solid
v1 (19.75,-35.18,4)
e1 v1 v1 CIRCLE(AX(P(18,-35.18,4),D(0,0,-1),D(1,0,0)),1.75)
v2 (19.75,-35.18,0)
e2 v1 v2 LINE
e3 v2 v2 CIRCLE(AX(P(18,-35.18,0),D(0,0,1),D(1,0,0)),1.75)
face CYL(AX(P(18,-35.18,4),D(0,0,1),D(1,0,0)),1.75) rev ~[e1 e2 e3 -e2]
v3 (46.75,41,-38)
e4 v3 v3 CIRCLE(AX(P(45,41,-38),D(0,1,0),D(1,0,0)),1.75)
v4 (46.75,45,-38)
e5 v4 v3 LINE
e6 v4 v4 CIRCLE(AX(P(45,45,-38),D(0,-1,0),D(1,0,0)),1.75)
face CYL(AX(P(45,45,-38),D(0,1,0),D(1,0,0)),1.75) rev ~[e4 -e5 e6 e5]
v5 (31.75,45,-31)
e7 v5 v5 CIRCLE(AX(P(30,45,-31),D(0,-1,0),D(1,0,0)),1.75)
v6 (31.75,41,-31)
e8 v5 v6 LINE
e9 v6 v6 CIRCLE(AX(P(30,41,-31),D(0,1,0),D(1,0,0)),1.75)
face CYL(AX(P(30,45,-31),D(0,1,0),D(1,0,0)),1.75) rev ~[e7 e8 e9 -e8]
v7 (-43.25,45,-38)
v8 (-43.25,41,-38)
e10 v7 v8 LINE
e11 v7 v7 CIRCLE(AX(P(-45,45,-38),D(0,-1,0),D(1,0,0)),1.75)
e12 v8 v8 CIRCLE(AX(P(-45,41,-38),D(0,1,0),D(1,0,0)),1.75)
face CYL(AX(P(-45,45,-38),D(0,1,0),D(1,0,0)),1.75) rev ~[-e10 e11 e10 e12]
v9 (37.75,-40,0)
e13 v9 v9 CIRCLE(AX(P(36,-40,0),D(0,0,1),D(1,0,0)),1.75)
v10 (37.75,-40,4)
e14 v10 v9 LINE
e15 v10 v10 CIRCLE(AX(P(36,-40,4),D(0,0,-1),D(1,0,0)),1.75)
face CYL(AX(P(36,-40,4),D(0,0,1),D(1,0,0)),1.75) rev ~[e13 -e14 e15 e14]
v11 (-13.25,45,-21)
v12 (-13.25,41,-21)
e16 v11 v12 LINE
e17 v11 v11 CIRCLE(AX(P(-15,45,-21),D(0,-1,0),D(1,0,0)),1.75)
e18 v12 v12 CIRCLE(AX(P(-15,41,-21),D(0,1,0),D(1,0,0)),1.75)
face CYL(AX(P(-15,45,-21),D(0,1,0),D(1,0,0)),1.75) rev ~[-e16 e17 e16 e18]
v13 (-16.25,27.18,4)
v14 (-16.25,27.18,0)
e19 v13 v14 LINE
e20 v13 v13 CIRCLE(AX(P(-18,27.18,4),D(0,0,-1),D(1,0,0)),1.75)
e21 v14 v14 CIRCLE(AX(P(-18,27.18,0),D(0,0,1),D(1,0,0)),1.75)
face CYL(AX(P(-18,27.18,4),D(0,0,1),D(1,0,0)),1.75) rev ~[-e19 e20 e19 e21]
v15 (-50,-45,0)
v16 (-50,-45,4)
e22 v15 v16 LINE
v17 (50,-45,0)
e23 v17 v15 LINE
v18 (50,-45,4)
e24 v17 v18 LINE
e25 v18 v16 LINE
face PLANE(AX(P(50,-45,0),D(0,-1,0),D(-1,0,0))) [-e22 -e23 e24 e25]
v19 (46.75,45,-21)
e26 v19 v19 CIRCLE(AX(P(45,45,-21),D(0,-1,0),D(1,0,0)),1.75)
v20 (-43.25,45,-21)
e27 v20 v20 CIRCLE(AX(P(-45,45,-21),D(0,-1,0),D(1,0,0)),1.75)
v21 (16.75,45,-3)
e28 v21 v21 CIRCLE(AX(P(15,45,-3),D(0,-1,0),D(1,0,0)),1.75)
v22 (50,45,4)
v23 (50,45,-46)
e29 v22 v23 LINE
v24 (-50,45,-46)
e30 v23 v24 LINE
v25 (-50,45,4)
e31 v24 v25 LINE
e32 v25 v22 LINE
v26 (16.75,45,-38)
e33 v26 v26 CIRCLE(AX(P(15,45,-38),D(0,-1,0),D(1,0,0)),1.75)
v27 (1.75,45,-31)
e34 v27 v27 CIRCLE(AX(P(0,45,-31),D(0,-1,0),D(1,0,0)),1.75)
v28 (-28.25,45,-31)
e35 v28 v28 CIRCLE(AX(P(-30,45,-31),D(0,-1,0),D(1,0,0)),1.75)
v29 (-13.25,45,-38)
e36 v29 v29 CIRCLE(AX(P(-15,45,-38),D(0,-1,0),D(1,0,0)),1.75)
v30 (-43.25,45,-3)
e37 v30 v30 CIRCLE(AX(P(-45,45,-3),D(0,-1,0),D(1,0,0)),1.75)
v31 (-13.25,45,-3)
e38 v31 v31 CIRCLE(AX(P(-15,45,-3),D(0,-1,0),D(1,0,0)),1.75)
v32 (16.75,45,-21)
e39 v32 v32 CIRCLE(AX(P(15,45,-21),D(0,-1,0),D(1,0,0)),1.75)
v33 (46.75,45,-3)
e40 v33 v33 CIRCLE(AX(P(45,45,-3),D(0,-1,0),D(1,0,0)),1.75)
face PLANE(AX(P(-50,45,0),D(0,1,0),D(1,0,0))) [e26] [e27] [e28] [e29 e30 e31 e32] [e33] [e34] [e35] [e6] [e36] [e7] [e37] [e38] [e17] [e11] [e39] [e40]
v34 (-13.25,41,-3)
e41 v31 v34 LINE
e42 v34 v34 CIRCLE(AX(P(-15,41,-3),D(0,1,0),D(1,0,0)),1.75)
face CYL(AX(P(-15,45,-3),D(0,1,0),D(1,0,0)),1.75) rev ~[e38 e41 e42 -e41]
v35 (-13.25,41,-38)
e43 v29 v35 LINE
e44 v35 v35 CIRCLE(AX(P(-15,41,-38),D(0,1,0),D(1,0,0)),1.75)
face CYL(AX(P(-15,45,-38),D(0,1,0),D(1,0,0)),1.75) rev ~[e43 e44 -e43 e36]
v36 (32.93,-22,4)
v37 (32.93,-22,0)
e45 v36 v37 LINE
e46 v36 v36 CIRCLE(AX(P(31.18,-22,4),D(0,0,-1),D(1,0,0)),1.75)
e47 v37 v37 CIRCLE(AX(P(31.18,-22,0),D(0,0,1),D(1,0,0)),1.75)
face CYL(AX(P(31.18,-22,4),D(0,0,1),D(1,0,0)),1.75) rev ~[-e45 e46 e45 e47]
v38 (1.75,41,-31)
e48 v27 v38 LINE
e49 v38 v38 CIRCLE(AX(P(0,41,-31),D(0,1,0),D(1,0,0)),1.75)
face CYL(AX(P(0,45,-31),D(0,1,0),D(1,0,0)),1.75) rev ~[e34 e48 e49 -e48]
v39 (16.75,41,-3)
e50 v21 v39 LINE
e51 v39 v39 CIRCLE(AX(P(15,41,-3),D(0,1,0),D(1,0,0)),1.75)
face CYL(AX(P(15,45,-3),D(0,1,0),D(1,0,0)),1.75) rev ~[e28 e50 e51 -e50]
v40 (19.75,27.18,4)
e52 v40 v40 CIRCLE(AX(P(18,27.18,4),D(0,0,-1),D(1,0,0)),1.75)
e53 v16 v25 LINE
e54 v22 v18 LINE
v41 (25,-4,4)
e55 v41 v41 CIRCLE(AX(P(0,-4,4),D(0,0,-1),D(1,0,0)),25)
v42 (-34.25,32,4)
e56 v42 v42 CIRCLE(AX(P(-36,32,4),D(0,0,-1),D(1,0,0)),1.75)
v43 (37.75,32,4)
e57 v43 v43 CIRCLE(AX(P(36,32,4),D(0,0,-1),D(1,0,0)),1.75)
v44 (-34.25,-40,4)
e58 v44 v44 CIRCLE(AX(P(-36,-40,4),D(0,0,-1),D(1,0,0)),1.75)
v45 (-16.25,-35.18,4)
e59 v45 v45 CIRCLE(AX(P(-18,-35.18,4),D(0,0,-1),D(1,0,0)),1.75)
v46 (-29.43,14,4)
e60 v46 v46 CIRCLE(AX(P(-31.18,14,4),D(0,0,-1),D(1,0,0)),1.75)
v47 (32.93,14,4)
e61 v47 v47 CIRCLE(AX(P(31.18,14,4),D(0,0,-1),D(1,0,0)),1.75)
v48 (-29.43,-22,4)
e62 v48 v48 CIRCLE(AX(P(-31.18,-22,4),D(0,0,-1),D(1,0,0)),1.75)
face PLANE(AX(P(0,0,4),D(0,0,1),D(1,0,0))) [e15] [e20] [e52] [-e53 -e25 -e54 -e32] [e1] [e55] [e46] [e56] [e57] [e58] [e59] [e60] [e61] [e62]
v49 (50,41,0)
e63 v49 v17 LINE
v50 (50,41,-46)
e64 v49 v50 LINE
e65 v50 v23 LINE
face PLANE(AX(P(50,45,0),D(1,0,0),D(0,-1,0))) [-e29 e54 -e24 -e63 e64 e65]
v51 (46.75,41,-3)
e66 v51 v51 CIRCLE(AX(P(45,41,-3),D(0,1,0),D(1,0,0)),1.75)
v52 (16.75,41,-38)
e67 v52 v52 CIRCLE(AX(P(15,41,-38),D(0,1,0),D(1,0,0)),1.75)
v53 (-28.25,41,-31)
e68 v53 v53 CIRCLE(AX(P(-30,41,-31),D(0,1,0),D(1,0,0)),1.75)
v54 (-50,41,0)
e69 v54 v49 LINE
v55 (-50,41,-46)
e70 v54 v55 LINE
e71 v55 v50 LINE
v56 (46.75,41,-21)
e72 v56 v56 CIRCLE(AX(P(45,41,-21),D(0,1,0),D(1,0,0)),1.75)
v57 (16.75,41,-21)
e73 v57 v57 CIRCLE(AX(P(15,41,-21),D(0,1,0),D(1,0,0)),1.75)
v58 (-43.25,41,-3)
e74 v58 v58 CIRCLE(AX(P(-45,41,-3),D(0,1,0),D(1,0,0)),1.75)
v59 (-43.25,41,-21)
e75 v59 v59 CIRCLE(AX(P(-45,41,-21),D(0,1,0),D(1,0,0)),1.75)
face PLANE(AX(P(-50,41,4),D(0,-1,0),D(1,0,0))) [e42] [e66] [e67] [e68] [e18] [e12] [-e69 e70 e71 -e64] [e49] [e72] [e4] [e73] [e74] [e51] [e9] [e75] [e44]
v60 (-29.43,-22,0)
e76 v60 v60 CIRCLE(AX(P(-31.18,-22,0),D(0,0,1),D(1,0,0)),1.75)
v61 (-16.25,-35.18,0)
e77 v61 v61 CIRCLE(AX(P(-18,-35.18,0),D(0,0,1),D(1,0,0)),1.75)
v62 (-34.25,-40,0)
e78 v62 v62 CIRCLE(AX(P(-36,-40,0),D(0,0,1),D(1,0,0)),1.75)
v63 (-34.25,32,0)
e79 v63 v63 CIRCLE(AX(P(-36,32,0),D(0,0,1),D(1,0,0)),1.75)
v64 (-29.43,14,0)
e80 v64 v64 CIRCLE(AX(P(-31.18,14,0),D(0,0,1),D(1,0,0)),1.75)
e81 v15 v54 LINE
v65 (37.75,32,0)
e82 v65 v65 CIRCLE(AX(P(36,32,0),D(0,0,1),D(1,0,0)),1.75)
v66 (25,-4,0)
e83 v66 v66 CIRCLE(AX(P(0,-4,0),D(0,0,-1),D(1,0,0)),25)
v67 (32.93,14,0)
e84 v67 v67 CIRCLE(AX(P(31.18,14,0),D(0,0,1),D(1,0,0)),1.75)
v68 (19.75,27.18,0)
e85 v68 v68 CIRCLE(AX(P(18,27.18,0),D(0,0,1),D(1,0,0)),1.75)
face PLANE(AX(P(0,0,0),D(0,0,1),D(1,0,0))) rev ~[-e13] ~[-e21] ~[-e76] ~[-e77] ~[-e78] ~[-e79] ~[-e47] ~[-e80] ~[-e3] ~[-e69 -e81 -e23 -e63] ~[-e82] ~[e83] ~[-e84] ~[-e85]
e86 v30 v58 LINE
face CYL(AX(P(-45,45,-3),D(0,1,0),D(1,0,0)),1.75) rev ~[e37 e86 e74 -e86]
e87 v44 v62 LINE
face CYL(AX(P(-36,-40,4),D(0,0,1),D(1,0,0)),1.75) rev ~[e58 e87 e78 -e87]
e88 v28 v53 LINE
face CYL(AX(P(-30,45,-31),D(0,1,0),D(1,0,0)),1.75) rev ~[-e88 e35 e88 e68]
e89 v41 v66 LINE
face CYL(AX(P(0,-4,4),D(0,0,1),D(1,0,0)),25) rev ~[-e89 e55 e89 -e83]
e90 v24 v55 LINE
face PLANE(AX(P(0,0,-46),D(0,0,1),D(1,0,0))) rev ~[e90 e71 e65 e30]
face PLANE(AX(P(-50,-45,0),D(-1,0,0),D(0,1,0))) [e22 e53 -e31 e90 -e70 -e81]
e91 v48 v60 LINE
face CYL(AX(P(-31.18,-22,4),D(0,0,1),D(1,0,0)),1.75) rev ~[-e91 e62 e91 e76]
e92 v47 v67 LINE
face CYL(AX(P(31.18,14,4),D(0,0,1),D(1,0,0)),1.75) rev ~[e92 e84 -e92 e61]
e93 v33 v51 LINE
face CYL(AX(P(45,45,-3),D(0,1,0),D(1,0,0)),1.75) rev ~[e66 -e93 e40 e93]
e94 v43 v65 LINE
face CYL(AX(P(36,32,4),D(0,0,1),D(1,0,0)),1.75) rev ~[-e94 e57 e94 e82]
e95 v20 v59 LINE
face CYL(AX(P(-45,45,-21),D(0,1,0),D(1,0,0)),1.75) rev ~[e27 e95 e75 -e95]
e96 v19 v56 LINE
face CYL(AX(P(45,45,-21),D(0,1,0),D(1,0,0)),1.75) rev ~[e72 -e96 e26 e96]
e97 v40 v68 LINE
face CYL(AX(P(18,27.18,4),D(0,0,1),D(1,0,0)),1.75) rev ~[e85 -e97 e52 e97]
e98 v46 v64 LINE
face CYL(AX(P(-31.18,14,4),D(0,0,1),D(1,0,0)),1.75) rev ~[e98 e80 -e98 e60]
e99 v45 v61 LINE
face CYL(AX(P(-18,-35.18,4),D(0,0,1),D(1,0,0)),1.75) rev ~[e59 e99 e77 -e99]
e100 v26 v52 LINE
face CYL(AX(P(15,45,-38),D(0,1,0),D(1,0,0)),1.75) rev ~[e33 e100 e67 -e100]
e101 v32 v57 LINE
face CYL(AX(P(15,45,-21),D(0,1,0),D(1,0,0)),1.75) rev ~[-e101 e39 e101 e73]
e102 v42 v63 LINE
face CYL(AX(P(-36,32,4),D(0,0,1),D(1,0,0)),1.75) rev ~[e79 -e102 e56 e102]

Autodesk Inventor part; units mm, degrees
ref_plane "YZ Plane" through (0, 0, 0) normal (1, 0, 0) x (0, 1, 0)
ref_plane "XZ Plane" through (0, 0, 0) normal (0, 1, 0) x (-1, 0, 0)
ref_plane "XY Plane" through (0, 0, 0) normal (0, 0, 1) x (1, 0, 0)
sketch "Sketch3" plane through (0, 0, 0) normal (0, 0, 1) x (1, 0, 0)
  line L0 (-50, 45) -> (50, 45)
  line L1 (50, 45) -> (50, -45)
  line L2 (50, -45) -> (-50, -45)
  line L3 (-50, -45) -> (-50, 45)
  line L4 (-50, 45) -> (50, -45) construction
  line L5 (50, 45) -> (-50, -45) construction
  point P0 (0, 0)
  dimension "d4" = 100
  dimension "d5" = 90
extrude "Extrusion2" add sketch "Sketch3" along normal blind 4
sketch "Sketch4" plane through (0, 0, 4) normal (0, 0, 1) x (1, 0, 0)
  point P0 (0, 0)
sketch "Sketch5" plane through (0, 0, 4) normal (0, 0, 1) x (1, 0, 0)
  line L0 (50, 45) -> (-50, 45) projected
  line L1 (50, 45) -> (-50, 45)
  line L2 (-50, 45) -> (-50, 41)
  line L3 (-50, 41) -> (50, 41)
  line L4 (50, 41) -> (50, 45)
  point P0 (0, 0)
  dimension "d8" = 4
  dimension "d9" = 100
extrude "Extrusion3" add sketch "Sketch5" against normal blind 50
sketch "Sketch6" plane through (0, 0, 4) normal (0, 0, 1) x (1, 0, 0)
  line L0 (18, -31.18) -> (-18, -31.18)
  line L1 (-18, -31.18) -> (-18, 31.18)
  line L2 (-18, 31.18) -> (18, 31.18)
  line L3 (18, 31.18) -> (18, -31.18)
  line L4 (18, -31.18) -> (-18, 31.18) construction
  line L5 (-18, -31.18) -> (18, 31.18) construction
  circle A0 centre (-18, 31.18) radius 1.75
  circle A1 centre (18, 31.18) radius 1.75
  circle A2 centre (-18, -31.18) radius 1.75
  circle A3 centre (18, -31.18) radius 1.75
  line L6 (50, 45) -> (-50, 45) projected
  line L7 (0, 45) -> (0, -4)
  line L8 (-18, -35.18) -> (18, -35.18)
  line L9 (18, -35.18) -> (18, 27.18)
  line L10 (18, 27.18) -> (-18, 27.18)
  line L11 (-18, 27.18) -> (-18, -35.18)
  line L12 (-18, -35.18) -> (18, 27.18) construction
  line L13 (18, -35.18) -> (-18, 27.18) construction
  circle A4 centre (18, 27.18) radius 1.75
  circle A5 centre (-18, 27.18) radius 1.75
  circle A6 centre (18, -35.18) radius 1.75
  circle A7 centre (-18, -35.18) radius 1.75
  point P0 (0, 0)
  dimension "d14" = 3.5
  dimension "d15" = 3.5
  dimension "d16" = 3.5
  dimension "d17" = 3.5
  dimension "d89" = 49
  dimension "d90" = 62.36
  dimension "d91" = 3.5
  dimension "d92" = 3.5
  dimension "d93" = 3.5
  dimension "d94" = 3.5
extrude "Extrusion4" cut sketch "Sketch6" against normal blind 50 contours A5 L1 | L1 L10 A5 | A7 L8 L11 | L11 L8 A7 | A4 L10 L3 | L3 A4 | A6 L8 L9 | L9 L8 A6 | L1 A5 L10 | L10 A4 L3
sketch "Sketch7" plane through (0, 0, 4) normal (0, 0, 1) x (1, 0, 0)
  line L0 (31.18, -18) -> (-31.18, -18)
  line L1 (-31.18, -18) -> (-31.18, 18)
  line L2 (-31.18, 18) -> (31.18, 18)
  line L3 (31.18, 18) -> (31.18, -18)
  line L4 (31.18, -18) -> (-31.18, 18) construction
  line L5 (-31.18, -18) -> (31.18, 18) construction
  circle A0 centre (-31.18, 18) radius 1.75
  circle A1 centre (31.18, 18) radius 1.75
  circle A2 centre (-31.18, -18) radius 1.75
  circle A3 centre (31.18, -18) radius 1.75
  line L6 (50, 45) -> (-50, 45) projected
  line L7 (0, 45) -> (0, -4)
  line L8 (-31.18, -22) -> (31.18, -22)
  line L9 (31.18, -22) -> (31.18, 14)
  line L10 (31.18, 14) -> (-31.18, 14)
  line L11 (-31.18, 14) -> (-31.18, -22)
  line L12 (-31.18, -22) -> (31.18, 14) construction
  line L13 (31.18, -22) -> (-31.18, 14) construction
  circle A4 centre (31.18, 14) radius 1.75
  circle A5 centre (-31.18, 14) radius 1.75
  circle A6 centre (31.18, -22) radius 1.75
  circle A7 centre (-31.18, -22) radius 1.75
  point P0 (0, 0)
  dimension "d20" = 62.36
  dimension "d21" = 36
  dimension "d22" = 3.5
  dimension "d23" = 3.5
  dimension "d24" = 3.5
  dimension "d25" = 3.5
  dimension "d95" = 49
  dimension "d96" = 36
  dimension "d97" = 3.5
  dimension "d98" = 3.5
  dimension "d99" = 3.5
  dimension "d100" = 3.5
extrude "Extrusion5" cut sketch "Sketch7" against normal blind 50 contours A5 L1 | L1 L10 A5 | A7 L8 L11 | L11 L8 A7 | A4 L10 L3 | L3 A4 | A6 L8 L9 | L9 L8 A6 | L1 A5 L10 | L10 A4 L3
sketch "Sketch8" plane through (0, 0, 4) normal (0, 0, 1) x (1, 0, 0)
  line L0 (50, 45) -> (-50, 45) projected
  line L1 (0, 45) -> (0, -4)
  circle A0 centre (0, -4) radius 25
  point P0 (0, 0)
  dimension "d101" = 49
  dimension "d102" = 50
extrude "Extrusion6" cut sketch "Sketch8" against normal blind 43.6625
sketch "Sketch9" plane through (-50, 45, 4) normal (0, 1, 0) x (1, 0, 0)
  line L0 (0, 50) -> (0, 0) projected
  line L1 (100, 0) -> (0, 0) projected
  line L2 (0, 0) -> (35, 0)
  line L3 (35, 0) -> (35, 7)
  line L4 (35, 7) -> (0, 7)
  line L5 (0, 7) -> (0, 0)
  circle A0 centre (35, 7) radius 1.75
  line L6 (0, 0) -> (35, 0)
  line L7 (35, 0) -> (35, 25)
  line L8 (35, 25) -> (0, 25)
  line L9 (0, 25) -> (0, 0)
  circle A1 centre (35, 25) radius 1.75
  point P0 (50, 4)
  dimension "d31" = 35
  dimension "d32" = 7
  dimension "d36" = 3.5
  dimension "d39" = 25
  dimension "d40" = 3.5
sketch "Sketch10" plane through (-50, 45, 4) normal (0, 1, 0) x (1, 0, 0)
  line L0 (100, 4) -> (100, 0) projected
  line L1 (100, 0) -> (0, 0) projected
  line L2 (100, 0) -> (65, 0)
  line L3 (65, 0) -> (65, 7)
  line L4 (65, 7) -> (100, 7)
  line L5 (100, 7) -> (100, 0)
  circle A0 centre (65, 7) radius 1.75
  line L6 (100, 0) -> (65, 0)
  line L7 (65, 0) -> (65, 25)
  line L8 (65, 25) -> (100, 25)
  line L9 (100, 25) -> (100, 0)
  line L10 (75, 0) -> (25, 0) projected
  circle A1 centre (65, 25) radius 1.75
  point P0 (50, 4)
  dimension "d33" = 35
  dimension "d34" = 7
  dimension "d35" = 3.5
  dimension "d37" = 25
  dimension "d38" = 3.5
sketch "Sketch11" plane through (-50, 45, 4) normal (0, 1, 0) x (1, 0, 0)
  point P0 (50, 4)
extrude "Extrusion7" cut sketch "Sketch9" against normal blind 43.6625 contours A1 L7 L8 | L8 L7 A1 | A0 L7 L4 | L4 L3 A0 | L7 A0 L3
extrude "Extrusion8" cut sketch "Sketch10" against normal blind 43.6625 contours A0 L3 L4 | L4 L7 A0 | L3 A0 L7 | A1 L7 L8 | L8 L7 A1
sketch "Sketch12" plane through (-50, 45, 4) normal (0, 1, 0) x (1, 0, 0)
  line L0 (0, 0) -> (100, 0) projected
  line L1 (0, 0) -> (5, 0)
  line L2 (5, 0) -> (5, 7)
  line L3 (5, 7) -> (0, 7)
  line L4 (0, 7) -> (0, 0)
  line L5 (100, 0) -> (0, 0) projected
  line L6 (0, 0) -> (5, 0)
  line L7 (5, 0) -> (5, 25)
  line L8 (5, 25) -> (0, 25)
  line L9 (0, 25) -> (0, 0)
  circle A0 centre (5, 7) radius 1.75
  circle A1 centre (5, 25) radius 1.75
  point P0 (50, 4)
  dimension "d45" = 5
  dimension "d46" = 7
  dimension "d47" = 25
  dimension "d48" = 3.5
  dimension "d49" = 3.5
extrude "Extrusion9" cut sketch "Sketch12" against normal blind 43.6625 contours A0 L3 L2 | L2 L7 A0 | A0 L7 L3 | A1 L7 L8 | L8 L7 A1
sketch "Sketch13" plane through (-50, 45, 4) normal (0, 1, 0) x (1, 0, 0)
  line L0 (0, 0) -> (100, 0) projected
  line L1 (100, 0) -> (95, 0)
  line L2 (95, 0) -> (95, 7)
  line L3 (95, 7) -> (100, 7)
  line L4 (100, 7) -> (100, 0)
  line L5 (100, 0) -> (95, 0)
  line L6 (95, 0) -> (95, 25)
  line L7 (95, 25) -> (100, 25)
  line L8 (100, 25) -> (100, 0)
  circle A0 centre (95, 25) radius 1.75
  circle A1 centre (95, 7) radius 1.75
  point P0 (50, 4)
  dimension "d52" = 5
  dimension "d53" = 7
  dimension "d54" = 25
  dimension "d55" = 3.5
  dimension "d56" = 3.5
extrude "Extrusion10" cut sketch "Sketch13" against normal blind 43.6625 contours A1 L6 L2 | L2 L3 A1 | L6 A1 L3 | A0 L7 L6 | L6 L7 A0
sketch "Sketch14" plane through (-50, 45, 4) normal (0, 1, 0) x (1, 0, 0)
  point P0 (50, 4)
sketch "Sketch15" plane through (-50, 45, 4) normal (0, 1, 0) x (1, 0, 0)
  line L0 (0, 50) -> (100, 50) projected
  line L1 (0, 50) -> (50, 50)
  line L2 (50, 50) -> (50, 42)
  line L3 (50, 42) -> (0, 42)
  line L4 (0, 42) -> (0, 50)
  line L5 (0, 50) -> (35, 50)
  line L6 (35, 50) -> (35, 42)
  line L7 (35, 42) -> (0, 42)
  line L8 (0, 42) -> (0, 50)
  line L9 (0, 4) -> (0, 50) projected
  line L10 (0, 50) -> (5, 50)
  line L11 (5, 50) -> (5, 42)
  line L12 (5, 42) -> (0, 42)
  line L13 (0, 42) -> (0, 50)
  line L14 (100, 4) -> (100, 50) projected
  line L15 (100, 50) -> (95, 50)
  line L16 (95, 50) -> (95, 42)
  line L17 (95, 42) -> (100, 42)
  line L18 (100, 42) -> (100, 50)
  line L19 (100, 50) -> (0, 50) projected
  line L20 (100, 50) -> (65, 50)
  line L21 (65, 50) -> (65, 42)
  line L22 (65, 42) -> (100, 42)
  line L23 (100, 42) -> (100, 50)
  circle A0 centre (5, 42) radius 1.75
  circle A1 centre (35, 42) radius 1.75
  circle A2 centre (65, 42) radius 1.75
  circle A3 centre (95, 42) radius 1.75
  point P0 (50, 4)
  dimension "d60" = 8
  dimension "d61" = 35
  dimension "d62" = 5
  dimension "d63" = 5
  dimension "d64" = 35
  dimension "d66" = 3.5
  dimension "d67" = 3.5
  dimension "d68" = 3.5
  dimension "d69" = 3.5
extrude "Extrusion11" cut sketch "Sketch15" against normal blind 43.6625 contours A0 L3 L11 | L11 L3 A0 | L3 A0 | A1 L3 L6 | L6 L3 A1 | L3 A1 | A2 L22 L21 | L21 L22 A2 | A3 L17 L16 | L16 L22 A3 | L17 A3 L22
sketch "Sketch16" plane through (-50, 45, 4) normal (0, 1, 0) x (1, 0, 0)
  line L0 (100, 50) -> (0, 50) projected
  line L1 (0, 50) -> (20, 50)
  line L2 (20, 50) -> (20, 35)
  line L3 (20, 35) -> (0, 35)
  line L4 (0, 35) -> (0, 50)
  line L5 (0, 50) -> (0, 0) projected
  line L6 (0, 50) -> (50, 50)
  line L7 (50, 50) -> (50, 35)
  line L8 (50, 35) -> (0, 35)
  line L9 (0, 35) -> (0, 50)
  line L10 (100, 4) -> (100, 50) projected
  line L11 (100, 50) -> (80, 50)
  line L12 (80, 50) -> (80, 35)
  line L13 (80, 35) -> (100, 35)
  line L14 (100, 35) -> (100, 50)
  circle A0 centre (20, 35) radius 1.75
  circle A1 centre (50, 35) radius 1.75
  circle A2 centre (80, 35) radius 1.75
  point P0 (50, 4)
  dimension "d72" = 20
  dimension "d73" = 15
  dimension "d74" = 50
  dimension "d75" = 20
  dimension "d76" = 3.5
  dimension "d77" = 3.5
  dimension "d78" = 3.5
extrude "Extrusion12" cut sketch "Sketch16" against normal blind 10 contours A2 L13 L12 | L12 L13 A2 | A1 L8 L7 | L7 L8 A1 | A0 L8 L2 | L2 L3 A0 | L8 A0 L3
sketch "Sketch17" plane through (0, 0, 4) normal (0, 0, 1) x (1, 0, 0)
  line L0 (36, -36) -> (-36, -36)
  line L1 (-36, -36) -> (-36, 36)
  line L2 (-36, 36) -> (36, 36)
  line L3 (36, 36) -> (36, -36)
  line L4 (36, -36) -> (-36, 36) construction
  line L5 (-36, -36) -> (36, 36) construction
  circle A0 centre (-36, 36) radius 1.75
  circle A1 centre (36, 36) radius 1.75
  circle A2 centre (36, -36) radius 1.75
  circle A3 centre (-36, -36) radius 1.75
  line L6 (50, 45) -> (-50, 45) projected
  line L7 (0, 45) -> (0, -4)
  line L8 (-36, -40) -> (36, -40)
  line L9 (36, -40) -> (36, 32)
  line L10 (36, 32) -> (-36, 32)
  line L11 (-36, 32) -> (-36, -40)
  line L12 (-36, -40) -> (36, 32) construction
  line L13 (36, -40) -> (-36, 32) construction
  circle A4 centre (36, 32) radius 1.75
  circle A5 centre (36, -40) radius 1.75
  circle A6 centre (-36, -40) radius 1.75
  circle A7 centre (-36, 32) radius 1.75
  point P0 (0, 0)
  dimension "d81" = 72
  dimension "d82" = 72
  dimension "d83" = 3.5
  dimension "d84" = 3.5
  dimension "d85" = 3.5
  dimension "d86" = 3.5
  dimension "d103" = 49
  dimension "d104" = 72
  dimension "d105" = 3.5
  dimension "d106" = 3.5
  dimension "d107" = 3.5
  dimension "d108" = 3.5
extrude "Extrusion13" cut sketch "Sketch17" against normal blind 10 contours A7 L1 | L1 L10 A7 | A6 L8 L11 | L11 L8 A6 | A4 L10 L3 | L3 A4 | A5 L8 L9 | L9 L8 A5 | L1 A7 L10 | L10 A4 L3
properties part number "ousterholderm600V2"
